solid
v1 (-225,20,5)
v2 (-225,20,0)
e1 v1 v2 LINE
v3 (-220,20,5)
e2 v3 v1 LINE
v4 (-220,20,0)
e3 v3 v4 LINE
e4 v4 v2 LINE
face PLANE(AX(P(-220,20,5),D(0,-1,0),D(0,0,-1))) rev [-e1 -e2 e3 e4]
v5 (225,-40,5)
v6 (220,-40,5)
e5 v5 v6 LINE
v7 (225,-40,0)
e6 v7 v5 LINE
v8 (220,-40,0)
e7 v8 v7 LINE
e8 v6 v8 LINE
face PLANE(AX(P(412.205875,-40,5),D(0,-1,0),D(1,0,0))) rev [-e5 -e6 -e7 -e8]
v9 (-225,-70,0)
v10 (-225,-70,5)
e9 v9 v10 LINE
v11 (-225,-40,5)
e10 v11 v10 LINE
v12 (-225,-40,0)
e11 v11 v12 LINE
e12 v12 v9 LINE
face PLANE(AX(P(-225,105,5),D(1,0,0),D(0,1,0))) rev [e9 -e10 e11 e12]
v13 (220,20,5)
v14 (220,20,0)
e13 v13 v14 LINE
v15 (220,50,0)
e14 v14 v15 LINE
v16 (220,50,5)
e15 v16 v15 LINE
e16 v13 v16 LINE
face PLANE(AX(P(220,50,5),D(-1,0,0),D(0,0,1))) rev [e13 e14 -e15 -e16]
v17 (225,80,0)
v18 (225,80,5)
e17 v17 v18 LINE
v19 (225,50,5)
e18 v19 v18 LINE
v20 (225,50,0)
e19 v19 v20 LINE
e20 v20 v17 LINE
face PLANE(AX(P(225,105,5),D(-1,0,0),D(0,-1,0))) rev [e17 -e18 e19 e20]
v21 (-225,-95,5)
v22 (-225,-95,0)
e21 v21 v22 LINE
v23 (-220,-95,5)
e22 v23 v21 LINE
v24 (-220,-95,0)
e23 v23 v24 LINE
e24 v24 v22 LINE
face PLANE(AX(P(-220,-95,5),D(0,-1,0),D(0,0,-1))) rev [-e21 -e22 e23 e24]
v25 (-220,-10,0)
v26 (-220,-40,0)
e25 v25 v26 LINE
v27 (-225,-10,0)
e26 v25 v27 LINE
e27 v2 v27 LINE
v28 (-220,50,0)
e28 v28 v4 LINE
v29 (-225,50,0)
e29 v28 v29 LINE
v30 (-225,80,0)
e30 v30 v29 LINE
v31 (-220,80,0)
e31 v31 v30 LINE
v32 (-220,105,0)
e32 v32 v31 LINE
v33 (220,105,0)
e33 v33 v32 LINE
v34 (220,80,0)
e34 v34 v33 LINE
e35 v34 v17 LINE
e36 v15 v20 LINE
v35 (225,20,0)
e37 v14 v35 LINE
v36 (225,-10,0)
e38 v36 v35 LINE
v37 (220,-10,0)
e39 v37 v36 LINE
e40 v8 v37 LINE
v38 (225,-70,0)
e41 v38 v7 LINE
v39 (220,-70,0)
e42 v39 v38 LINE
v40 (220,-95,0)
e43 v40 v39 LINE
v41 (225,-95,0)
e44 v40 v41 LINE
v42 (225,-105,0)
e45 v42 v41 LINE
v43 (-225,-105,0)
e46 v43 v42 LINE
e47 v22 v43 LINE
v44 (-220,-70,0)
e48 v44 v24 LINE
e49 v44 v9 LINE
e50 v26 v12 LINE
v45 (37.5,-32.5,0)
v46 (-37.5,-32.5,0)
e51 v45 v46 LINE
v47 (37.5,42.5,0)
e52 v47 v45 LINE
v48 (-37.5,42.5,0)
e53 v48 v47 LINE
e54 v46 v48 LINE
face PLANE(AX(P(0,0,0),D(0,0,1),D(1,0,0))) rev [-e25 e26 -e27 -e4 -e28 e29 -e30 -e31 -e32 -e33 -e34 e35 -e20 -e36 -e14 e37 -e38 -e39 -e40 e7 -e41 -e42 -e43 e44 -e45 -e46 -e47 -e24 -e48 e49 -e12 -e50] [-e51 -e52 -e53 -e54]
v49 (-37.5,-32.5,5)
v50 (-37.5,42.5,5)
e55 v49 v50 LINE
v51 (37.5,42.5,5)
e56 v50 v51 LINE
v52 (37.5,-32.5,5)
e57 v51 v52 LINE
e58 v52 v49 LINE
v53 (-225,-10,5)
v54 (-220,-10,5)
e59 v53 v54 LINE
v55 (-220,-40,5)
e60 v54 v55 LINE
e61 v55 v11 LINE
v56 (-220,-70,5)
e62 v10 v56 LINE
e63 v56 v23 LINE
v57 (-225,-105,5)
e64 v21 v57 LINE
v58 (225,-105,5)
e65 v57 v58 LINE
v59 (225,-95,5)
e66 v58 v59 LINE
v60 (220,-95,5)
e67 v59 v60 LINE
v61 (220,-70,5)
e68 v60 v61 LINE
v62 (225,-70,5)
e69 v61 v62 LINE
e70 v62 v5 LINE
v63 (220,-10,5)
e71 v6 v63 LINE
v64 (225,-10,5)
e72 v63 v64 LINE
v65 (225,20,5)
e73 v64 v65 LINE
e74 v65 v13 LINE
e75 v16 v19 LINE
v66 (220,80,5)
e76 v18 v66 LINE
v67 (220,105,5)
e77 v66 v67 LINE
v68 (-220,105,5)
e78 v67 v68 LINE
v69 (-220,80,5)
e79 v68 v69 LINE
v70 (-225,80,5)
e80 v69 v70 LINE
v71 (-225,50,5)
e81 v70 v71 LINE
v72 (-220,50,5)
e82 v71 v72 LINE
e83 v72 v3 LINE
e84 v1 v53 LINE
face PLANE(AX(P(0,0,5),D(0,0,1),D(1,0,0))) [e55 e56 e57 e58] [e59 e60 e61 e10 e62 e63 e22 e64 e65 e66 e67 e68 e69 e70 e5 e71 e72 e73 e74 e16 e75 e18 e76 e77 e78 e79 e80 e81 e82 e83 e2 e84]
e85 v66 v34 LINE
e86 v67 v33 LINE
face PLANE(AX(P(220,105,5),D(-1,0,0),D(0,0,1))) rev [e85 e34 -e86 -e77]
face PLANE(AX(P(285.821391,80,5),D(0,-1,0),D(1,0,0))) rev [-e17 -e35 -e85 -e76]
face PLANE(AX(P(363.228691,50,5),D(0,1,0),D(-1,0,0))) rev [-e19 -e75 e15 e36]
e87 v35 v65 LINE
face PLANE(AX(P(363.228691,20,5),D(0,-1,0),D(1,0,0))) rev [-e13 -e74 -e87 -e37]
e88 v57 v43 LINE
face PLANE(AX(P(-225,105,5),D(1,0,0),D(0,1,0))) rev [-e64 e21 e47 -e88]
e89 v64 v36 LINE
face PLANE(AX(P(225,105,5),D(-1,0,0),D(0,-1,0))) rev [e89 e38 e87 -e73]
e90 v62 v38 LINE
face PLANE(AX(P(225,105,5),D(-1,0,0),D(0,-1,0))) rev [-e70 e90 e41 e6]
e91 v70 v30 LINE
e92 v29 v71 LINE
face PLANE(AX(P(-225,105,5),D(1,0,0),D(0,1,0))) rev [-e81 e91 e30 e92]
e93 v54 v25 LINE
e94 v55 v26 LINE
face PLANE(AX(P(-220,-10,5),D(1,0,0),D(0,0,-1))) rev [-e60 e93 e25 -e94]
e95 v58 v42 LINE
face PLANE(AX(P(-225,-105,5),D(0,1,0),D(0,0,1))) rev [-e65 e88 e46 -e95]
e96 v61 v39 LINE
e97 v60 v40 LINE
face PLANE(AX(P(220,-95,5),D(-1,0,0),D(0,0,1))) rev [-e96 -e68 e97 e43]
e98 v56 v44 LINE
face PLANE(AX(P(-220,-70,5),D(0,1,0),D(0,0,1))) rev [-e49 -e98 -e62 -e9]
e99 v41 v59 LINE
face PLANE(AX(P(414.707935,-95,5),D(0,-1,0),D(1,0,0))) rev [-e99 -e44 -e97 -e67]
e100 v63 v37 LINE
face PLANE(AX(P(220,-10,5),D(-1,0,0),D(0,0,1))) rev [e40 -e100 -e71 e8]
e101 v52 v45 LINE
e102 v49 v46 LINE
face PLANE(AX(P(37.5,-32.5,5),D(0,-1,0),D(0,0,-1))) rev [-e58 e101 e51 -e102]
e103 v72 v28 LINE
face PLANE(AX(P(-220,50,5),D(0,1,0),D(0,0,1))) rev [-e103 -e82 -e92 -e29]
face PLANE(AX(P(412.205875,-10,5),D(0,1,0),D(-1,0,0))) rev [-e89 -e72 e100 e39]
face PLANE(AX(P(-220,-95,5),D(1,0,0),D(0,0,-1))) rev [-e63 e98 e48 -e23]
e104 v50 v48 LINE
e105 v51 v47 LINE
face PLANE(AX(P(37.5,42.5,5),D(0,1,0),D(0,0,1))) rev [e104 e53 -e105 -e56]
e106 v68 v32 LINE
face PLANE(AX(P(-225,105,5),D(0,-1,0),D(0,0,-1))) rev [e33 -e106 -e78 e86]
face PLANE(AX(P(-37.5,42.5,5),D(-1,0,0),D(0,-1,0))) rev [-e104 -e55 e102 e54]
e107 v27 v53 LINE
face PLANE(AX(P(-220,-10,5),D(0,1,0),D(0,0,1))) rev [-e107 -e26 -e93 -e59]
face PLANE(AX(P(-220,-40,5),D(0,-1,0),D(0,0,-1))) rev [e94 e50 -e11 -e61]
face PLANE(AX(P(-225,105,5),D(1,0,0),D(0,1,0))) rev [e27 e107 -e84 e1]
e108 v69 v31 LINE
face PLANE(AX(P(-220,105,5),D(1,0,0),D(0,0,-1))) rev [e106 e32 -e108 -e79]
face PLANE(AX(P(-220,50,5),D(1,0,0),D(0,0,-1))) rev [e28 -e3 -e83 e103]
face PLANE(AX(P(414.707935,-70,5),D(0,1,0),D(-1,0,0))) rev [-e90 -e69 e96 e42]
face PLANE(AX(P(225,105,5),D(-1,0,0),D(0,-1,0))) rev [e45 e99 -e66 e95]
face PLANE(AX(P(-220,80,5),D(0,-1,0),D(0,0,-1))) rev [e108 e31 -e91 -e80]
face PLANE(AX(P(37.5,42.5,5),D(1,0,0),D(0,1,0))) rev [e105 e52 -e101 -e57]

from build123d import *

# Parameters (mm, degrees)
SKETCH1_W           = 450
SKETCH1_H           = 210
BOSS_EXTRUDE1_DEPTH = 5
SKETCH3_W           = 65.821391225
SKETCH3_H           = 25
SKETCH3_W_2         = 143.228691138
SKETCH3_H_2         = 30
SKETCH3_W_3         = 192.205874683
SKETCH3_W_4         = 194.707934706
SKETCH3_W_5         = 70.821391225
SKETCH3_W_6         = 148.228691138
SKETCH3_W_7         = 194.705874683
SKETCH3_W_8         = 199.707934706
CUT_EXTRUDE1_DEPTH  = 6
SKETCH4_W           = 75
SKETCH4_H           = 75
CUT_EXTRUDE2_DEPTH  = 6


with BuildPart() as part:
    # Sketch1 → Boss-Extrude1 (new body)
    with BuildSketch(Plane.XY):
        Rectangle(SKETCH1_W, SKETCH1_H)
    extrude(amount=BOSS_EXTRUDE1_DEPTH)

    # Sketch3 → Cut-Extrude1 (cut, through all)
    with BuildSketch(Plane(origin=(0, 0, 0), x_dir=(-1, 0, 0), z_dir=(0, 0, -1))):
        with Locations((-252.910695613, 92.5)):
            Rectangle(SKETCH3_W, SKETCH3_H)
        with Locations((-291.614345569, 35)):
            Rectangle(SKETCH3_W_2, SKETCH3_H_2)
        with Locations((-316.102937342, -25)):
            Rectangle(SKETCH3_W_3, SKETCH3_H_2)
        with Locations((-317.353967353, -82.5)):
            Rectangle(SKETCH3_W_4, SKETCH3_H)
        with Locations((255.410695613, 92.5)):
            Rectangle(SKETCH3_W_5, SKETCH3_H)
        with Locations((294.114345569, 35)):
            Rectangle(SKETCH3_W_6, SKETCH3_H_2)
        with Locations((317.352937342, -25)):
            Rectangle(SKETCH3_W_7, SKETCH3_H_2)
        with Locations((319.853967353, -82.5)):
            Rectangle(SKETCH3_W_8, SKETCH3_H)
    extrude(amount=-CUT_EXTRUDE1_DEPTH, mode=Mode.SUBTRACT)

    # Sketch4 → Cut-Extrude2 (cut, through all)
    with BuildSketch(Plane(origin=(0, 0, 0), x_dir=(-1, 0, 0), z_dir=(0, 0, -1))):
        with Locations((0, 5)):
            Rectangle(SKETCH4_W, SKETCH4_H)
    extrude(amount=-CUT_EXTRUDE2_DEPTH, mode=Mode.SUBTRACT)


solid = part.part
